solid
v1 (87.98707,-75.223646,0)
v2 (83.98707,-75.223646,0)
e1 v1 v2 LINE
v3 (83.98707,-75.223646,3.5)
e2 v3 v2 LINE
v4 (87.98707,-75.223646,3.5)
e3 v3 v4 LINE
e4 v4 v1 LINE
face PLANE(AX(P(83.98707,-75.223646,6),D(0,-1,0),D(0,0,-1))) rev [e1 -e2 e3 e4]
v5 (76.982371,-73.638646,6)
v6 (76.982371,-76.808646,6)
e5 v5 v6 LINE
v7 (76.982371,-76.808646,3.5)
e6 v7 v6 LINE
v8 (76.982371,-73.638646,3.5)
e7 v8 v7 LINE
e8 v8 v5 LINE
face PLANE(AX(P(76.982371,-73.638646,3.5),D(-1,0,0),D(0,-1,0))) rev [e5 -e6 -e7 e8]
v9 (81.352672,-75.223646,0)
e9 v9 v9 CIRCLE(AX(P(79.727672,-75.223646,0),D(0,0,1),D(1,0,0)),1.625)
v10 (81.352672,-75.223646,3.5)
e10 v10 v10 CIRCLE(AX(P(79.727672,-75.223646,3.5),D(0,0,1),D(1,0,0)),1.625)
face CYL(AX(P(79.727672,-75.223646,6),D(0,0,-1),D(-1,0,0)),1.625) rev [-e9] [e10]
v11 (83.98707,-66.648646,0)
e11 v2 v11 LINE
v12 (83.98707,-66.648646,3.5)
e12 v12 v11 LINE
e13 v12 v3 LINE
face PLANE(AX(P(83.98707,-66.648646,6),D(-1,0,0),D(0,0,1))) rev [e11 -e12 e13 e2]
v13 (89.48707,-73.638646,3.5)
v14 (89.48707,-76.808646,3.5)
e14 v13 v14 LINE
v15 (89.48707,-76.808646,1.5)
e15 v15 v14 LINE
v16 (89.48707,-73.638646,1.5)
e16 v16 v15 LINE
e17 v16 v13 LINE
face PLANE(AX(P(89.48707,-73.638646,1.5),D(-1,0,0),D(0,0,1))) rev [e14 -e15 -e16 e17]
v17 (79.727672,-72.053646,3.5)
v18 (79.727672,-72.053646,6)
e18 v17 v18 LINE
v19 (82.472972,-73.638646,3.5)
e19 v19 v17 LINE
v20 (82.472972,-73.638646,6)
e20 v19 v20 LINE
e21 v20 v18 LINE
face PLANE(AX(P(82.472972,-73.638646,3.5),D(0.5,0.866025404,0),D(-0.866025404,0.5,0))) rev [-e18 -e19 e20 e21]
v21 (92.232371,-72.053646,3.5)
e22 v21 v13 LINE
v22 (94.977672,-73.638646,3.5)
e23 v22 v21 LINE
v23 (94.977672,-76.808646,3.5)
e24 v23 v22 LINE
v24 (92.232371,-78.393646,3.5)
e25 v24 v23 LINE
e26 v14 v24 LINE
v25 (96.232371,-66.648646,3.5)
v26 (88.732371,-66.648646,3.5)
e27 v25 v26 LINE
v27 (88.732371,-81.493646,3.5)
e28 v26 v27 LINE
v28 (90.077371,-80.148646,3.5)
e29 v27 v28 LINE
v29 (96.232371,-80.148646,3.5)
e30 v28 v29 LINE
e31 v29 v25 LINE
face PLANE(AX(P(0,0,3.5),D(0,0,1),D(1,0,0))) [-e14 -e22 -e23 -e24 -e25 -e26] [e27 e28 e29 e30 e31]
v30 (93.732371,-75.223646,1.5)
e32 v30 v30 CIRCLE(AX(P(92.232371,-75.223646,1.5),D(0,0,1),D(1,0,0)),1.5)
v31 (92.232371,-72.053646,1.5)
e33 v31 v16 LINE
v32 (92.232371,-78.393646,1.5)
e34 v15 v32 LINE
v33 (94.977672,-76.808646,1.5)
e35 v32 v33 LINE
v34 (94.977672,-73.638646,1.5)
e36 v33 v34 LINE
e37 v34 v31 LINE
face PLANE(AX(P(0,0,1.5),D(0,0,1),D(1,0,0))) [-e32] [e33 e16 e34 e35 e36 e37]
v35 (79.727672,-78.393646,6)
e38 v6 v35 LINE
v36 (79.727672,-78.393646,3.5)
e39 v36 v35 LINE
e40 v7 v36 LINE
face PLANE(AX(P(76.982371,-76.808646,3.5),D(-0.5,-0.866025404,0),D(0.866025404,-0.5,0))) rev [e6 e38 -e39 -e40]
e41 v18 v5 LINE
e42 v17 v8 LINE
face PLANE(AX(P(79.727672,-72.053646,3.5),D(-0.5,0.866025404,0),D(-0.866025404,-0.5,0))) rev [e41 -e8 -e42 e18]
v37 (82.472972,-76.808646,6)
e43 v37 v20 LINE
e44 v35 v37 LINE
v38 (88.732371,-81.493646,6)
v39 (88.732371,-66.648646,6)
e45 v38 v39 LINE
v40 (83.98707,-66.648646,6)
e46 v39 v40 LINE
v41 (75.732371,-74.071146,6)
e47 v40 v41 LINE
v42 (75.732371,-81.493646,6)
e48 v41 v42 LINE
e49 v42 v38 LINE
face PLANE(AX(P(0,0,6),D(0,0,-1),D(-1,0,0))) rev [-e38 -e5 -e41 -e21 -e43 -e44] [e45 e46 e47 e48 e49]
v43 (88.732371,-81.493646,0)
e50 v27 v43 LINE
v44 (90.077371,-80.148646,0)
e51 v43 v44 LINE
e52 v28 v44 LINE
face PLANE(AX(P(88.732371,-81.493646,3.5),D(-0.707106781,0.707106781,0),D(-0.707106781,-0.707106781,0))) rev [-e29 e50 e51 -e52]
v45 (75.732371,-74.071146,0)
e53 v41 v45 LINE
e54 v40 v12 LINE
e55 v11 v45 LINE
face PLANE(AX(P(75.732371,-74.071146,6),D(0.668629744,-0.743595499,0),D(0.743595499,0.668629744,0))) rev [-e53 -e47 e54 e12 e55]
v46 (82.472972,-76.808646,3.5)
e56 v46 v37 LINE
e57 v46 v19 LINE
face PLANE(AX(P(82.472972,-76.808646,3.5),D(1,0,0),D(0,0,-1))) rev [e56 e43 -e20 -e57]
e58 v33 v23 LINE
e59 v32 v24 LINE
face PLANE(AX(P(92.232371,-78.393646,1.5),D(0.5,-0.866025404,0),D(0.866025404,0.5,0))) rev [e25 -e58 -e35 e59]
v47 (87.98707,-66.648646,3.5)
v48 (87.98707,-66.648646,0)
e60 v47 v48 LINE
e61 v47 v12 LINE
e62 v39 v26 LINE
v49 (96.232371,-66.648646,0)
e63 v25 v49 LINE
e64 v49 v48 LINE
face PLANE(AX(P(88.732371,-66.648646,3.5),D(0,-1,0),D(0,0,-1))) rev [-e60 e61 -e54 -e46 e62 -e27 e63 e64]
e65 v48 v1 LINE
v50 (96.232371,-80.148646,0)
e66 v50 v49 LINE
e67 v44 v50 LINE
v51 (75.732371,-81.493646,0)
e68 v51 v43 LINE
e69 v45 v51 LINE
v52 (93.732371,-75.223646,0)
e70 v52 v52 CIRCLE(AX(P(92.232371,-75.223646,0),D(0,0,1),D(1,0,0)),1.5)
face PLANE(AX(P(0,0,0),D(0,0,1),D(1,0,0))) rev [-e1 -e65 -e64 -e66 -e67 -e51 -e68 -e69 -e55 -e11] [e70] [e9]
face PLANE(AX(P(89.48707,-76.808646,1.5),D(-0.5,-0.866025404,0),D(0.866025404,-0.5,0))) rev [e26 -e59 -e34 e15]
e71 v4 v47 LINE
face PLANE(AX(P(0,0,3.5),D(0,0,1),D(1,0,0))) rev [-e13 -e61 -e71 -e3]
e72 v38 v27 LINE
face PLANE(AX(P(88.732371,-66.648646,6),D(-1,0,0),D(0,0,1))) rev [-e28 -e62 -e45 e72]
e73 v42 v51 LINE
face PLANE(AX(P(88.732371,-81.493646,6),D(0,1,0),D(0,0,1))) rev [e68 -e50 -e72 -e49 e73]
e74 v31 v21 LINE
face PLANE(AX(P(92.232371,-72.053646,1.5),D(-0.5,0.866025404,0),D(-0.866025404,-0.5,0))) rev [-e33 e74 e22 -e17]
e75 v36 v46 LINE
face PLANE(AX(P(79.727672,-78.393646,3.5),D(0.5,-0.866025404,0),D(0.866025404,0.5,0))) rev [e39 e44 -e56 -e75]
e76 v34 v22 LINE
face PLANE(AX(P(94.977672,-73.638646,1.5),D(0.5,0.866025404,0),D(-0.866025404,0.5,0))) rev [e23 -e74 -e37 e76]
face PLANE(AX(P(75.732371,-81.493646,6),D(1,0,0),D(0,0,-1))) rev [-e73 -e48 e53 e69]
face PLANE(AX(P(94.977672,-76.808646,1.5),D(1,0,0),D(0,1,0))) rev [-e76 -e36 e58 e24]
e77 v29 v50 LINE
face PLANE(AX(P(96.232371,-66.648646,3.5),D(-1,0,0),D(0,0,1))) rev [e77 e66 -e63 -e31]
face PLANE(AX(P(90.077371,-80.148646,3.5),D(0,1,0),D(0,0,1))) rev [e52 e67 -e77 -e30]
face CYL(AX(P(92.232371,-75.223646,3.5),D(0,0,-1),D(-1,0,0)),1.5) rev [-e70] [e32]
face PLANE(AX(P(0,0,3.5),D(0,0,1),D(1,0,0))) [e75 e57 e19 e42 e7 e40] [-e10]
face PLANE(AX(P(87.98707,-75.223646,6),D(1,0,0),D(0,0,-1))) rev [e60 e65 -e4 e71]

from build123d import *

# Parameters (mm, degrees)
CROQUIS1_R                   = 1.5
SALIENTE_EXTRUIR1_DEPTH      = 3.5
CORTAR_EXTRUIR1_DEPTH        = 2
SALIENTE_EXTRUIR2_DEPTH      = 2.5
SALIENTE_EXTRUIR2_DEPTH_BACK = 3.5
CROQUIS3_R                   = 1.625
CROQUIS4_W                   = 4
CROQUIS4_H                   = 8.575
SALIENTE_EXTRUIR3_DEPTH      = 2.5
CORTAR_EXTRUIR2_DEPTH        = 2.5


with BuildPart() as part:
    # Croquis1 → Saliente-Extruir1 (new body)
    with BuildSketch(Plane.XY):
        Polygon((88.732371, -80.148646), (88.732371, -81.493646), (90.077371, -80.148646), (96.232371, -80.148646), (96.232371, -66.648646), (88.732371, -66.648646), align=None)
        with Locations((92.232371, -75.223646)):
            Circle(CROQUIS1_R, mode=Mode.SUBTRACT)
    extrude(amount=SALIENTE_EXTRUIR1_DEPTH)

    # Croquis2 → Cortar-Extruir1 (cut)
    with BuildSketch(Plane.XY.offset(3.5)):
        Polygon((92.232371, -72.053646), (89.48707047, -73.638646), (89.48707047, -76.808646), (92.232371, -78.393646), (94.97767153, -76.808646), (94.97767153, -73.638646), align=None)
    extrude(amount=-CORTAR_EXTRUIR1_DEPTH, mode=Mode.SUBTRACT)

    # Croquis3 → Saliente-Extruir2 (add, two sides: drawn at the far end of the back side and taken through both)
    with BuildSketch(Plane.XY.offset(3.5).offset(-SALIENTE_EXTRUIR2_DEPTH_BACK)):
        Polygon((88.732371, -81.493646), (75.732371, -81.493646), (75.732371, -74.071146), (83.98707047, -66.648646), (83.98707047, -75.223646), (87.98707047, -75.223646), (87.98707047, -66.648646), (88.732371, -66.648646), align=None)
        with Locations((79.72767153, -75.223646)):
            Circle(CROQUIS3_R, mode=Mode.SUBTRACT)
    extrude(amount=SALIENTE_EXTRUIR2_DEPTH + SALIENTE_EXTRUIR2_DEPTH_BACK)

    # Croquis4 → Saliente-Extruir3 (add)
    with BuildSketch(Plane.XY.offset(6)):
        with Locations((85.98707047, -70.936146)):
            Rectangle(CROQUIS4_W, CROQUIS4_H)
    extrude(amount=-SALIENTE_EXTRUIR3_DEPTH)

    # Croquis5 → Cortar-Extruir2 (cut)
    with BuildSketch(Plane.XY.offset(6)):
        Polygon((79.72767153, -78.393646), (82.47297206, -76.808646), (82.47297206, -73.638646), (79.72767153, -72.053646), (76.982371, -73.638646), (76.982371, -76.808646), align=None)
    extrude(amount=-CORTAR_EXTRUIR2_DEPTH, mode=Mode.SUBTRACT)


solid = part.part
